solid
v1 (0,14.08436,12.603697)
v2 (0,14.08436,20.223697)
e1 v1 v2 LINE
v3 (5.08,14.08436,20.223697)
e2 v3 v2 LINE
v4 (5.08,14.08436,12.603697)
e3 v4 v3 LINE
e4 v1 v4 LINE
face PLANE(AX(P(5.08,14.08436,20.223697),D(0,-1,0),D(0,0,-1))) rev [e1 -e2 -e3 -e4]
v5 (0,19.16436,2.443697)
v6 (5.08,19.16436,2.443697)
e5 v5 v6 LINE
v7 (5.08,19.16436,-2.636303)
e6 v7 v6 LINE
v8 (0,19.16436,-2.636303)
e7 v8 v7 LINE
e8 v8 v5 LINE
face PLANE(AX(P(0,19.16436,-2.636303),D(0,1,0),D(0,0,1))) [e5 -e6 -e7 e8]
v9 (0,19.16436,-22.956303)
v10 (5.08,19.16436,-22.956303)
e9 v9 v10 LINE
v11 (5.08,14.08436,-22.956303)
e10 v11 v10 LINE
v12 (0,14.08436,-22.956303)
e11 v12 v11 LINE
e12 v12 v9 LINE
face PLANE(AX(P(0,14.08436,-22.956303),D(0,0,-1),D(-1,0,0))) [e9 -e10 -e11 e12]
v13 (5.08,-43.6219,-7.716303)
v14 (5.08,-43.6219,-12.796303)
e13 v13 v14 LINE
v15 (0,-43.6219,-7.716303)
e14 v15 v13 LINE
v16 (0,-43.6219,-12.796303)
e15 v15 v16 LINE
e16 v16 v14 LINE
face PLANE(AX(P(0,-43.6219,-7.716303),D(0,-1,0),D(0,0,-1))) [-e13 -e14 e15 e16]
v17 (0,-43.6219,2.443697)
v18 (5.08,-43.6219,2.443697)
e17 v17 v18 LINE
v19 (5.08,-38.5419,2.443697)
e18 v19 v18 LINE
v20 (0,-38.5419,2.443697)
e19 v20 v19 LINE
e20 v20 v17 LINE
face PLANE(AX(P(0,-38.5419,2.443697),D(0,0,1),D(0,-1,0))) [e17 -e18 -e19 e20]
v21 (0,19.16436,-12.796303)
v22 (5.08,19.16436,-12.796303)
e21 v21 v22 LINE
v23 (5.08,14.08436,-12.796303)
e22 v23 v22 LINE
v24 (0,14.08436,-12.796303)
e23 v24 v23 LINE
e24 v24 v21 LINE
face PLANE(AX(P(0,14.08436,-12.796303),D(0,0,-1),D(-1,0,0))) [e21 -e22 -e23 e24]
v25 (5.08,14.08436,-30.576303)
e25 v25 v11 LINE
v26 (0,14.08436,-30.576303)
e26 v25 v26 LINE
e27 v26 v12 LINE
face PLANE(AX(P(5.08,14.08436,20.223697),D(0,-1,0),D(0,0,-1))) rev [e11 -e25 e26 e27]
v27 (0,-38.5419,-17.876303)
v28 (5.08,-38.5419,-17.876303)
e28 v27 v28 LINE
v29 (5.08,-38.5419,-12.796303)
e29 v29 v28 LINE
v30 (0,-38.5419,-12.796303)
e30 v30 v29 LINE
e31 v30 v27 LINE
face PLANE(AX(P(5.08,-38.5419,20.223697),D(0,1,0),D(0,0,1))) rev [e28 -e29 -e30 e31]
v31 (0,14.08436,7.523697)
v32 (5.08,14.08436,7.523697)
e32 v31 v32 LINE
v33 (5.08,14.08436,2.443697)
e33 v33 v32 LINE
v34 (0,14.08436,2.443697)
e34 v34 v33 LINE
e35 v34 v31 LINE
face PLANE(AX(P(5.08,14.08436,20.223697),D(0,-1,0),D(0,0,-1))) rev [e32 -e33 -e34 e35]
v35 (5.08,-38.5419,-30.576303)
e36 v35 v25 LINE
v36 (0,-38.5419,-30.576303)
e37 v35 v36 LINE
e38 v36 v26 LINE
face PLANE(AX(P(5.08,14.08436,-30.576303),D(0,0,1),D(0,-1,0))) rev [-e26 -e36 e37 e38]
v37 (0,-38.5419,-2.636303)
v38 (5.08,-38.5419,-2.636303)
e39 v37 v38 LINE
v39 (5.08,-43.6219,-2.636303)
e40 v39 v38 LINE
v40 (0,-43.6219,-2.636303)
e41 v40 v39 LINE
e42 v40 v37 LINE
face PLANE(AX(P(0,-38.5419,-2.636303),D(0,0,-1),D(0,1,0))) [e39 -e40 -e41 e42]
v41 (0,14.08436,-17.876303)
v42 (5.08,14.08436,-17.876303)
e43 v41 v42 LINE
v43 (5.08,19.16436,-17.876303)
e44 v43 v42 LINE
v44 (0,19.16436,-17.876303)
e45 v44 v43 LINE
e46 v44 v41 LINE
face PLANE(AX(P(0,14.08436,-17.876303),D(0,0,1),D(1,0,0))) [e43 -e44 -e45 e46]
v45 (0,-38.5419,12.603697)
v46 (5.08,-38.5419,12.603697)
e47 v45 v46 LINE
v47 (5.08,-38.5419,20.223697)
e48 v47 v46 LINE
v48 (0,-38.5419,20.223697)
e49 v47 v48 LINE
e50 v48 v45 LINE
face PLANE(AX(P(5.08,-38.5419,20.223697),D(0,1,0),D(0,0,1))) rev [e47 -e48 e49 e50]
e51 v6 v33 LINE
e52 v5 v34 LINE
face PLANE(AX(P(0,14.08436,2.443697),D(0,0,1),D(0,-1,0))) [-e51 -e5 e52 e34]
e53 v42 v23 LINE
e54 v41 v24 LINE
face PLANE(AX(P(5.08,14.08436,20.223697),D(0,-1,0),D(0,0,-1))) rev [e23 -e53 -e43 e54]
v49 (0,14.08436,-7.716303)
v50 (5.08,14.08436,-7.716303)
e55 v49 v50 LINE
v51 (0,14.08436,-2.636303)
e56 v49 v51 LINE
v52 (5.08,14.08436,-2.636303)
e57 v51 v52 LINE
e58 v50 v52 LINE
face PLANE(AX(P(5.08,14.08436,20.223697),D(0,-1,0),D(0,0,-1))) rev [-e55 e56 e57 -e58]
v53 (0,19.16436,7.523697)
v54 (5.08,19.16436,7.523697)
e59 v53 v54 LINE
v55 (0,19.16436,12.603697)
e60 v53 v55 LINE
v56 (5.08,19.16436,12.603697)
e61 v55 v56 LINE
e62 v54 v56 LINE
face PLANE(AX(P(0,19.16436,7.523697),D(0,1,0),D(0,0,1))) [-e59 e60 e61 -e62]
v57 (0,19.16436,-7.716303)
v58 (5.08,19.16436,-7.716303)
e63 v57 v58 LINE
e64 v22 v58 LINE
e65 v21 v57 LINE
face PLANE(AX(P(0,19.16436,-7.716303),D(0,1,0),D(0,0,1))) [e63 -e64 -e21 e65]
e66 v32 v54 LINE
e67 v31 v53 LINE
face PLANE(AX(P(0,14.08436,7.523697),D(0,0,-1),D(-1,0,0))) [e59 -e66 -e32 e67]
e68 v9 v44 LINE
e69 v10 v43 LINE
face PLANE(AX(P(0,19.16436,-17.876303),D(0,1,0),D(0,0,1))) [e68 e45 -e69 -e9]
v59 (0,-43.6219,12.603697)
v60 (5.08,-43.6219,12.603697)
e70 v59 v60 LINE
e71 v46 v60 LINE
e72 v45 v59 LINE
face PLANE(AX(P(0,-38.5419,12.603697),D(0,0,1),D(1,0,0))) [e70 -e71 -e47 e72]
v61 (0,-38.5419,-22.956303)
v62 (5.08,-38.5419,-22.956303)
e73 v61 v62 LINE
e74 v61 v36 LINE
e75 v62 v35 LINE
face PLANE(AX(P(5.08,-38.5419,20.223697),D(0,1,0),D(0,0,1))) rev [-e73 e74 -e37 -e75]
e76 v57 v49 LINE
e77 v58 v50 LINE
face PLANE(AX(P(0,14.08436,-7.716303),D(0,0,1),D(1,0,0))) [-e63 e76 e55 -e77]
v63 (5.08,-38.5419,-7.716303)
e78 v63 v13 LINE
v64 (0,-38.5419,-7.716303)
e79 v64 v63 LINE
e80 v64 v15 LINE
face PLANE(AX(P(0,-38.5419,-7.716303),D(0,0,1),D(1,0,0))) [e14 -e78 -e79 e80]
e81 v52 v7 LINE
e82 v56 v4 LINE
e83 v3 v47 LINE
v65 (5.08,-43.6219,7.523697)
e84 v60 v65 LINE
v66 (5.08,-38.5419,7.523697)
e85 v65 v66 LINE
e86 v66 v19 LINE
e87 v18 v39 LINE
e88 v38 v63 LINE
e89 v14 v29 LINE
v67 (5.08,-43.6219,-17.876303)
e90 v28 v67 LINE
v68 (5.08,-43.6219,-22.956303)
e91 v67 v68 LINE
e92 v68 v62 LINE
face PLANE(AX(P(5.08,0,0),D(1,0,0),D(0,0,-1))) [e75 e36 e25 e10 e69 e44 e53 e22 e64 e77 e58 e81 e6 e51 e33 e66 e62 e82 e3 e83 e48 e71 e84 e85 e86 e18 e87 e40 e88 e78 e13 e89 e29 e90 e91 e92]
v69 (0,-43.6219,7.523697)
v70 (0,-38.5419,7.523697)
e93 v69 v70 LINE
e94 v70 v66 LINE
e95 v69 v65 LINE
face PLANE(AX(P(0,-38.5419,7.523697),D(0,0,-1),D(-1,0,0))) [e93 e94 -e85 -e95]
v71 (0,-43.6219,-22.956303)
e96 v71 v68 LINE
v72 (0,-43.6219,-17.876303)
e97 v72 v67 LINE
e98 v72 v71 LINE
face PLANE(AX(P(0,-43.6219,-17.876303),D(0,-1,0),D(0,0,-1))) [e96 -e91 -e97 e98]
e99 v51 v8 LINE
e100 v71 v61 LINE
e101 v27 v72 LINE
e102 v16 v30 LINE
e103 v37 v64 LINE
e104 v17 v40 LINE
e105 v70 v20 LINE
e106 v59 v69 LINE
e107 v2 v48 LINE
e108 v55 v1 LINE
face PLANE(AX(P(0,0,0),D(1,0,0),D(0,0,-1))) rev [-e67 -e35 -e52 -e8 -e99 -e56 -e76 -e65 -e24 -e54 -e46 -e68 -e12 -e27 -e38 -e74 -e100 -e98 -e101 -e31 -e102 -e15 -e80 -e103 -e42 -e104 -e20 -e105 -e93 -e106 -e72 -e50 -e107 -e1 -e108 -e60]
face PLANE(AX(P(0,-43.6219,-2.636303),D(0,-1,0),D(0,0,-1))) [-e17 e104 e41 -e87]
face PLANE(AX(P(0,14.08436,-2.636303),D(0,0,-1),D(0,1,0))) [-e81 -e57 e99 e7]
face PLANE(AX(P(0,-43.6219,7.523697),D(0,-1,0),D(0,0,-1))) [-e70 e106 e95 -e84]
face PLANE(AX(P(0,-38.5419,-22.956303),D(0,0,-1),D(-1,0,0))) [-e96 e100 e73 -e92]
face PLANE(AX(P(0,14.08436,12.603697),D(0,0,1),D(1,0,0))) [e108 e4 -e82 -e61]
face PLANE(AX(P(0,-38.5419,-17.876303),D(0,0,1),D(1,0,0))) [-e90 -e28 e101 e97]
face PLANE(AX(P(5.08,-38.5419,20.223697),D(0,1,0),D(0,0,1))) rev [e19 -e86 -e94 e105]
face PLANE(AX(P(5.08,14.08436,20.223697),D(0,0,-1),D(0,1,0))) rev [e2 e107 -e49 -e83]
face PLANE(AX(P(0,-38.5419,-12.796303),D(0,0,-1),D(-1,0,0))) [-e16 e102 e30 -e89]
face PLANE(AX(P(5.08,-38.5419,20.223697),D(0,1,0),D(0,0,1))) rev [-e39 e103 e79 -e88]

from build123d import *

# Parameters (mm, degrees)
SKETCH1_W           = 50.8
SKETCH1_H           = 52.62626
BOSS_EXTRUDE1_DEPTH = 5.08
SKETCH2_W           = 5.08
SKETCH2_H           = 5.08
BOSS_EXTRUDE2_DEPTH = 5.08


with BuildPart() as part:
    # Sketch1 → Boss-Extrude1 (new body)
    with BuildSketch(Plane(origin=(0, 0, 0), x_dir=(0, 0, -1), z_dir=(1, 0, 0))):
        with Locations((5.176303318, -12.22876981)):
            Rectangle(SKETCH1_W, SKETCH1_H)
    extrude(amount=BOSS_EXTRUDE1_DEPTH)

    # Sketch2 → Boss-Extrude2 (add)
    with BuildSketch(Plane(origin=(5.08, 0, 0), x_dir=(0, 0, -1), z_dir=(1, 0, 0))):
        with Locations((-10.063696682, 16.62436019)):
            Rectangle(SKETCH2_W, SKETCH2_H)
        with Locations((10.256303318, 16.62436019)):
            Rectangle(SKETCH2_W, SKETCH2_H)
        with Locations((20.416303318, 16.62436019)):
            Rectangle(SKETCH2_W, SKETCH2_H)
        with Locations((0.096303318, 16.62436019)):
            Rectangle(SKETCH2_W, SKETCH2_H)
        with Locations((0.096303318, -41.08189981)):
            Rectangle(SKETCH2_W, SKETCH2_H)
        with Locations((-10.063696682, -41.08189981)):
            Rectangle(SKETCH2_W, SKETCH2_H)
        with Locations((20.416303318, -41.08189981)):
            Rectangle(SKETCH2_W, SKETCH2_H)
        with Locations((10.256303318, -41.08189981)):
            Rectangle(SKETCH2_W, SKETCH2_H)
    extrude(amount=-BOSS_EXTRUDE2_DEPTH)


solid = part.part
